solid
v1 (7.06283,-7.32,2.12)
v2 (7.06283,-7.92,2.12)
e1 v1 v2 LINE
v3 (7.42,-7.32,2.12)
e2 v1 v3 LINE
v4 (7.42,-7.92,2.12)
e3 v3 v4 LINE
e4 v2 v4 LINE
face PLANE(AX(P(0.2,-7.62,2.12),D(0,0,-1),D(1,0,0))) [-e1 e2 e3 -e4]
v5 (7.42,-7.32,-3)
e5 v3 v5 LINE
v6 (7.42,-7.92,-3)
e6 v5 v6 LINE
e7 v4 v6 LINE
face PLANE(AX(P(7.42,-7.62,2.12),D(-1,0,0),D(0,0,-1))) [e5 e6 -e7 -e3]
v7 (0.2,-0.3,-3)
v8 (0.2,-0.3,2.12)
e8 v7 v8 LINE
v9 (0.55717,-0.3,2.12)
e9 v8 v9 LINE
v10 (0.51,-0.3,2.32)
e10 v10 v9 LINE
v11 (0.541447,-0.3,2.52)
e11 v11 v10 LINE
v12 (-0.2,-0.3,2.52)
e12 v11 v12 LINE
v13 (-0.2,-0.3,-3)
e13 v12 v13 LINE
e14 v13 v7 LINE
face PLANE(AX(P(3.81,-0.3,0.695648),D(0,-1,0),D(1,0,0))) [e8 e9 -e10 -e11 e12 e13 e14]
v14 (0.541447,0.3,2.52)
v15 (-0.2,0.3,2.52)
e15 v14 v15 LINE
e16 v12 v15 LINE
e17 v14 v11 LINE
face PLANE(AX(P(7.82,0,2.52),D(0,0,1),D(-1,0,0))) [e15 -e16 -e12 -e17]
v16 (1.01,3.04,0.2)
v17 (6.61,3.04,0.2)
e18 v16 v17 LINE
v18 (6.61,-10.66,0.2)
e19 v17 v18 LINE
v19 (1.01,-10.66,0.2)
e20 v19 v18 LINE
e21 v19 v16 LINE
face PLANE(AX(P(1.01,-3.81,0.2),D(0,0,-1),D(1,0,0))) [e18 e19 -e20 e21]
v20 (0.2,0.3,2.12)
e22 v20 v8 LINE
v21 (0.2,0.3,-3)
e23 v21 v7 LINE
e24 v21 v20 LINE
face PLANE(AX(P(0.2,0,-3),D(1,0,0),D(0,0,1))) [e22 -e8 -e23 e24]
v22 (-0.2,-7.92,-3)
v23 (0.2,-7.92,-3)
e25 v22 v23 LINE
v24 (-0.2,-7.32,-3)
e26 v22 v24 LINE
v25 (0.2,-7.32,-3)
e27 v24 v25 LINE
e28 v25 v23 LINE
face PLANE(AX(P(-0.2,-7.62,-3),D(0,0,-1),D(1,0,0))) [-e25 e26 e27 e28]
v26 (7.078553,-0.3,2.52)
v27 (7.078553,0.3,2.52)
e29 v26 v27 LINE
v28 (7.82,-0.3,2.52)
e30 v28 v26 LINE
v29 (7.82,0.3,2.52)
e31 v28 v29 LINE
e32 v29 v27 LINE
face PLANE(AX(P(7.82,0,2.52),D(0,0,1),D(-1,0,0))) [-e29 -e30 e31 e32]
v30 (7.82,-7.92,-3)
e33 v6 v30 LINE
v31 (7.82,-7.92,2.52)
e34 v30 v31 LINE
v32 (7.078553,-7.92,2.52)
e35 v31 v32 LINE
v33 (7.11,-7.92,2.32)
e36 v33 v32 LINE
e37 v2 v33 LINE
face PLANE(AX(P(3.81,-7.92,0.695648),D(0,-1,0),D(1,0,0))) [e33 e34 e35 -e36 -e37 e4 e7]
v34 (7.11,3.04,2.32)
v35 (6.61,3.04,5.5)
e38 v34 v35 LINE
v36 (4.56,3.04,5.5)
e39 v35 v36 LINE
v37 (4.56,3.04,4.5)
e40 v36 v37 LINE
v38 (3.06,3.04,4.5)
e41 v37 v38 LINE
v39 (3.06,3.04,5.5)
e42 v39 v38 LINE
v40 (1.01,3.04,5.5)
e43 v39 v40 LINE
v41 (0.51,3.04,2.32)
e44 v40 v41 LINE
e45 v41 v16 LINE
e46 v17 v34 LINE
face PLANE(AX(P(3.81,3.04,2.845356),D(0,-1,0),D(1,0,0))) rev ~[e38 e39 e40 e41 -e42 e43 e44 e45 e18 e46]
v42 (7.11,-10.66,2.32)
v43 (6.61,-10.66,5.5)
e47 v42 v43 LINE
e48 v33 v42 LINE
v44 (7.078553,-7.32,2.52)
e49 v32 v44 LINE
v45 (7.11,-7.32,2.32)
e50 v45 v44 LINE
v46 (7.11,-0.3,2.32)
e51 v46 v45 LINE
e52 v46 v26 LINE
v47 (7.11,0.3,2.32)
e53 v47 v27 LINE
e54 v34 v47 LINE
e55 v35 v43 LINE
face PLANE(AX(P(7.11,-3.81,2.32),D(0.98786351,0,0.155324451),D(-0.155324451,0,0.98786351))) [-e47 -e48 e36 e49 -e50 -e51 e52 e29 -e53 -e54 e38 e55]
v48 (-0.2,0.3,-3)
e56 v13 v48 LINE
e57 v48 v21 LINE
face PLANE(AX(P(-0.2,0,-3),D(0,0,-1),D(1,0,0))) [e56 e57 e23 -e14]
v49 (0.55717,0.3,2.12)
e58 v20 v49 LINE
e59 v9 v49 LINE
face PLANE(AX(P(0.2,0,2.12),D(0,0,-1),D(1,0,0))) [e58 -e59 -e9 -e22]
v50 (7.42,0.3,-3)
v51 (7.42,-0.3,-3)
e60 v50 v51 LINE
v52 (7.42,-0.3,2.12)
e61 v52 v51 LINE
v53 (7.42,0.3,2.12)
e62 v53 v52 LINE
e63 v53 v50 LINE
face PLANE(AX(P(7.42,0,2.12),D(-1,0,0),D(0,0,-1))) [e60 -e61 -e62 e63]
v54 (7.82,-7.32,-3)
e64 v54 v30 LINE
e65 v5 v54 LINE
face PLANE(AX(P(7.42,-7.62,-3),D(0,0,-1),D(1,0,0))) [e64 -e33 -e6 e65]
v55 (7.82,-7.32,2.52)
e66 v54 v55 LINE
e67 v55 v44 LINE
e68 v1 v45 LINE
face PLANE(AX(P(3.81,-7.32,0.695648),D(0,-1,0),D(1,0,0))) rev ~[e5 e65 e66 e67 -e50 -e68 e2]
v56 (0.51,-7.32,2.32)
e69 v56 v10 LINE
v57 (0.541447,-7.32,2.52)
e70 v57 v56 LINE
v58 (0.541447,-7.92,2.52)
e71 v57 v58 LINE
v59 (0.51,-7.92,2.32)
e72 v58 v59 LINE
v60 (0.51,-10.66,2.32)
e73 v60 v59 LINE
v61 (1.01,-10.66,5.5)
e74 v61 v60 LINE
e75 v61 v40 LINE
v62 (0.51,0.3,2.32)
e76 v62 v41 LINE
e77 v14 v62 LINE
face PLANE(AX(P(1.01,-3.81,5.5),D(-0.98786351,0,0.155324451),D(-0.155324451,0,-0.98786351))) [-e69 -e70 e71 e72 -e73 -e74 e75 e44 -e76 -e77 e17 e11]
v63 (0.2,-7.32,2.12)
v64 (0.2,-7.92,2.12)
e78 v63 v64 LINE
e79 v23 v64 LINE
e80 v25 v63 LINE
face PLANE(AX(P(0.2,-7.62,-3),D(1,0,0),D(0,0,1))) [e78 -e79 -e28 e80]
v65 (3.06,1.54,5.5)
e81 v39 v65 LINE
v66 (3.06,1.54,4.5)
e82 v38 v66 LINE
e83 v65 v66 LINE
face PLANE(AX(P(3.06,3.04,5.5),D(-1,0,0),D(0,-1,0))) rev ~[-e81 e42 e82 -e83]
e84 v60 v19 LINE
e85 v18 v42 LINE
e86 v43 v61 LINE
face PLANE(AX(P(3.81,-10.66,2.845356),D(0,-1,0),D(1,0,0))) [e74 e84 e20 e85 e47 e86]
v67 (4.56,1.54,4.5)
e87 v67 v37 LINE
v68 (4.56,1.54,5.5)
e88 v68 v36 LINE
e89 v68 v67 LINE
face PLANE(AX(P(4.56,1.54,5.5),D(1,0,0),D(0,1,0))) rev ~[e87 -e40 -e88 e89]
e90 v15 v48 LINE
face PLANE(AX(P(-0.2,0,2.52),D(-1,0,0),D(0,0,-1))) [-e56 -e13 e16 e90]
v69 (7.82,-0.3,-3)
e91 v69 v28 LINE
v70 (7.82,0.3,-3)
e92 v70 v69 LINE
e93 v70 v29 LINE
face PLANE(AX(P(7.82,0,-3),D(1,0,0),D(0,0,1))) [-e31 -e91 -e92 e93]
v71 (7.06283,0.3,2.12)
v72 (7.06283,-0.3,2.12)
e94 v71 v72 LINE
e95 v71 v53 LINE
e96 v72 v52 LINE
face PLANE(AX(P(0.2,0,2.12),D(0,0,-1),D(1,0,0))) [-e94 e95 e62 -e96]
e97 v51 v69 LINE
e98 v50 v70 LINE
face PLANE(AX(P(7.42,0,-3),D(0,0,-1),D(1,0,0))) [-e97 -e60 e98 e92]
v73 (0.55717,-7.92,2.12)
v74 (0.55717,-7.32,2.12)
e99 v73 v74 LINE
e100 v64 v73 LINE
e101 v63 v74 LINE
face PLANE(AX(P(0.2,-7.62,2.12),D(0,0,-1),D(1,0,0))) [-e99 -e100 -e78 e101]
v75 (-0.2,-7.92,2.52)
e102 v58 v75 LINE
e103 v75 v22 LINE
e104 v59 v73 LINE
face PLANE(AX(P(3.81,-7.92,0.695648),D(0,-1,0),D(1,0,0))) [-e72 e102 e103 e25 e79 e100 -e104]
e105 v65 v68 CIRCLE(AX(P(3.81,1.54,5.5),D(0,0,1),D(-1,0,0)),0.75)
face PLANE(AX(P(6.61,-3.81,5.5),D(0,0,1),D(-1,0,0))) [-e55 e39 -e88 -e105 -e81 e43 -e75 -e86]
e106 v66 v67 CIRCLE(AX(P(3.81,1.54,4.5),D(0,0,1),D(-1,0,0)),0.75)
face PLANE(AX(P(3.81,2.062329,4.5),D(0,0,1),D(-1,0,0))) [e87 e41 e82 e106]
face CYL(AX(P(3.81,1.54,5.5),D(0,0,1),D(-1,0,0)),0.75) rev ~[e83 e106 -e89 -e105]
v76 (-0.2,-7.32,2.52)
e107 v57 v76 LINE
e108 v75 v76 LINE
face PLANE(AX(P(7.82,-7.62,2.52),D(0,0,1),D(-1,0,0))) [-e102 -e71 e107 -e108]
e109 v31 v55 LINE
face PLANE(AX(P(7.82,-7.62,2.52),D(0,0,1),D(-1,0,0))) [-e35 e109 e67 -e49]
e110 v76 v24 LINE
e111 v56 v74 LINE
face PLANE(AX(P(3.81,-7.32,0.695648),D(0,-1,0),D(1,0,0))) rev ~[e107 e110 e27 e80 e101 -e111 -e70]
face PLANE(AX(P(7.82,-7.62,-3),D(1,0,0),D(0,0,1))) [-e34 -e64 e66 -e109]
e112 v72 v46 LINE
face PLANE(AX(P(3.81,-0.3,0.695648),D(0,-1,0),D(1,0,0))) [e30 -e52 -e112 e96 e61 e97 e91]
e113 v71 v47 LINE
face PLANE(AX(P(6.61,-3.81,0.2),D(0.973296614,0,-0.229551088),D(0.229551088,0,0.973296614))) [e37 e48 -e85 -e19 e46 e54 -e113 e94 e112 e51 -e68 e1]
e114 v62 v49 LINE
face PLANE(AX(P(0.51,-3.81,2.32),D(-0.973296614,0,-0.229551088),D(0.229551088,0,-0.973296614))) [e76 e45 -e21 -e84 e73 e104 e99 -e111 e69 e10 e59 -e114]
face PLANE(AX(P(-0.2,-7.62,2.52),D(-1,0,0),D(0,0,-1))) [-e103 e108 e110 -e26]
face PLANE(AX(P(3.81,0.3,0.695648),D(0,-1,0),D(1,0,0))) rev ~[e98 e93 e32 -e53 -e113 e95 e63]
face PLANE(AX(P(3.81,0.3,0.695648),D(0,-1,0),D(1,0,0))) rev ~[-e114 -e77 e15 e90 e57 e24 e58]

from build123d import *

# Parameters (mm, degrees)
PAD002_DEPTH = 0.3
PAD_DEPTH    = 6.85
POCKET_DEPTH = 1
PAD001_DEPTH = 0.3


with BuildPart() as pad002:
    # Sketch002 → Pad002 (new body, symmetric)
    with BuildSketch(Plane.XZ.offset(7.62)):
        Polygon((-0.2, -3), (0.2, -3), (0.2, 2.12), (7.42, 2.12), (7.42, -3), (7.82, -3), (7.82, 2.52), (-0.2, 2.52), align=None)
    extrude(amount=PAD002_DEPTH, both=True)


with BuildPart() as pocket:
    # Sketch → Pad (new body, symmetric)
    with BuildSketch(Plane.XZ.offset(3.81)):
        Polygon((1.01, 0.2), (6.61, 0.2), (7.11, 2.32), (6.61, 5.5), (1.01, 5.5), (0.51, 2.32), align=None)
    extrude(amount=PAD_DEPTH, both=True)

    # Sketch003 → Pocket (cut)
    with BuildSketch(Plane(origin=(0, -3.81, 5.5), x_dir=(-1, 0, 0), z_dir=(0, 0, 1))):
        with BuildLine():
            ThreePointArc((-3.06, -5.35), (-3.81, -4.6), (-4.56, -5.35))
            Line((-4.56, -5.35), (-4.56, -6.85))
            Line((-4.56, -6.85), (-3.06, -6.85))
            Line((-3.06, -6.85), (-3.06, -5.35))
        make_face()
    extrude(amount=-POCKET_DEPTH, mode=Mode.SUBTRACT)


with BuildPart() as oscillator_seikoepson_sg_8002dc:
    # Sketch001 → Pad001 (new body, symmetric)
    with BuildSketch(Plane.XZ):
        Polygon((-0.2, -3), (0.2, -3), (0.2, 2.12), (7.42, 2.12), (7.42, -3), (7.82, -3), (7.82, 2.52), (-0.2, 2.52), align=None)
    extrude(amount=PAD001_DEPTH, both=True)

    # Pad001_mp_cp: union Pad002, Pocket
    add(pad002.part)
    add(pocket.part)


solid = oscillator_seikoepson_sg_8002dc.part
